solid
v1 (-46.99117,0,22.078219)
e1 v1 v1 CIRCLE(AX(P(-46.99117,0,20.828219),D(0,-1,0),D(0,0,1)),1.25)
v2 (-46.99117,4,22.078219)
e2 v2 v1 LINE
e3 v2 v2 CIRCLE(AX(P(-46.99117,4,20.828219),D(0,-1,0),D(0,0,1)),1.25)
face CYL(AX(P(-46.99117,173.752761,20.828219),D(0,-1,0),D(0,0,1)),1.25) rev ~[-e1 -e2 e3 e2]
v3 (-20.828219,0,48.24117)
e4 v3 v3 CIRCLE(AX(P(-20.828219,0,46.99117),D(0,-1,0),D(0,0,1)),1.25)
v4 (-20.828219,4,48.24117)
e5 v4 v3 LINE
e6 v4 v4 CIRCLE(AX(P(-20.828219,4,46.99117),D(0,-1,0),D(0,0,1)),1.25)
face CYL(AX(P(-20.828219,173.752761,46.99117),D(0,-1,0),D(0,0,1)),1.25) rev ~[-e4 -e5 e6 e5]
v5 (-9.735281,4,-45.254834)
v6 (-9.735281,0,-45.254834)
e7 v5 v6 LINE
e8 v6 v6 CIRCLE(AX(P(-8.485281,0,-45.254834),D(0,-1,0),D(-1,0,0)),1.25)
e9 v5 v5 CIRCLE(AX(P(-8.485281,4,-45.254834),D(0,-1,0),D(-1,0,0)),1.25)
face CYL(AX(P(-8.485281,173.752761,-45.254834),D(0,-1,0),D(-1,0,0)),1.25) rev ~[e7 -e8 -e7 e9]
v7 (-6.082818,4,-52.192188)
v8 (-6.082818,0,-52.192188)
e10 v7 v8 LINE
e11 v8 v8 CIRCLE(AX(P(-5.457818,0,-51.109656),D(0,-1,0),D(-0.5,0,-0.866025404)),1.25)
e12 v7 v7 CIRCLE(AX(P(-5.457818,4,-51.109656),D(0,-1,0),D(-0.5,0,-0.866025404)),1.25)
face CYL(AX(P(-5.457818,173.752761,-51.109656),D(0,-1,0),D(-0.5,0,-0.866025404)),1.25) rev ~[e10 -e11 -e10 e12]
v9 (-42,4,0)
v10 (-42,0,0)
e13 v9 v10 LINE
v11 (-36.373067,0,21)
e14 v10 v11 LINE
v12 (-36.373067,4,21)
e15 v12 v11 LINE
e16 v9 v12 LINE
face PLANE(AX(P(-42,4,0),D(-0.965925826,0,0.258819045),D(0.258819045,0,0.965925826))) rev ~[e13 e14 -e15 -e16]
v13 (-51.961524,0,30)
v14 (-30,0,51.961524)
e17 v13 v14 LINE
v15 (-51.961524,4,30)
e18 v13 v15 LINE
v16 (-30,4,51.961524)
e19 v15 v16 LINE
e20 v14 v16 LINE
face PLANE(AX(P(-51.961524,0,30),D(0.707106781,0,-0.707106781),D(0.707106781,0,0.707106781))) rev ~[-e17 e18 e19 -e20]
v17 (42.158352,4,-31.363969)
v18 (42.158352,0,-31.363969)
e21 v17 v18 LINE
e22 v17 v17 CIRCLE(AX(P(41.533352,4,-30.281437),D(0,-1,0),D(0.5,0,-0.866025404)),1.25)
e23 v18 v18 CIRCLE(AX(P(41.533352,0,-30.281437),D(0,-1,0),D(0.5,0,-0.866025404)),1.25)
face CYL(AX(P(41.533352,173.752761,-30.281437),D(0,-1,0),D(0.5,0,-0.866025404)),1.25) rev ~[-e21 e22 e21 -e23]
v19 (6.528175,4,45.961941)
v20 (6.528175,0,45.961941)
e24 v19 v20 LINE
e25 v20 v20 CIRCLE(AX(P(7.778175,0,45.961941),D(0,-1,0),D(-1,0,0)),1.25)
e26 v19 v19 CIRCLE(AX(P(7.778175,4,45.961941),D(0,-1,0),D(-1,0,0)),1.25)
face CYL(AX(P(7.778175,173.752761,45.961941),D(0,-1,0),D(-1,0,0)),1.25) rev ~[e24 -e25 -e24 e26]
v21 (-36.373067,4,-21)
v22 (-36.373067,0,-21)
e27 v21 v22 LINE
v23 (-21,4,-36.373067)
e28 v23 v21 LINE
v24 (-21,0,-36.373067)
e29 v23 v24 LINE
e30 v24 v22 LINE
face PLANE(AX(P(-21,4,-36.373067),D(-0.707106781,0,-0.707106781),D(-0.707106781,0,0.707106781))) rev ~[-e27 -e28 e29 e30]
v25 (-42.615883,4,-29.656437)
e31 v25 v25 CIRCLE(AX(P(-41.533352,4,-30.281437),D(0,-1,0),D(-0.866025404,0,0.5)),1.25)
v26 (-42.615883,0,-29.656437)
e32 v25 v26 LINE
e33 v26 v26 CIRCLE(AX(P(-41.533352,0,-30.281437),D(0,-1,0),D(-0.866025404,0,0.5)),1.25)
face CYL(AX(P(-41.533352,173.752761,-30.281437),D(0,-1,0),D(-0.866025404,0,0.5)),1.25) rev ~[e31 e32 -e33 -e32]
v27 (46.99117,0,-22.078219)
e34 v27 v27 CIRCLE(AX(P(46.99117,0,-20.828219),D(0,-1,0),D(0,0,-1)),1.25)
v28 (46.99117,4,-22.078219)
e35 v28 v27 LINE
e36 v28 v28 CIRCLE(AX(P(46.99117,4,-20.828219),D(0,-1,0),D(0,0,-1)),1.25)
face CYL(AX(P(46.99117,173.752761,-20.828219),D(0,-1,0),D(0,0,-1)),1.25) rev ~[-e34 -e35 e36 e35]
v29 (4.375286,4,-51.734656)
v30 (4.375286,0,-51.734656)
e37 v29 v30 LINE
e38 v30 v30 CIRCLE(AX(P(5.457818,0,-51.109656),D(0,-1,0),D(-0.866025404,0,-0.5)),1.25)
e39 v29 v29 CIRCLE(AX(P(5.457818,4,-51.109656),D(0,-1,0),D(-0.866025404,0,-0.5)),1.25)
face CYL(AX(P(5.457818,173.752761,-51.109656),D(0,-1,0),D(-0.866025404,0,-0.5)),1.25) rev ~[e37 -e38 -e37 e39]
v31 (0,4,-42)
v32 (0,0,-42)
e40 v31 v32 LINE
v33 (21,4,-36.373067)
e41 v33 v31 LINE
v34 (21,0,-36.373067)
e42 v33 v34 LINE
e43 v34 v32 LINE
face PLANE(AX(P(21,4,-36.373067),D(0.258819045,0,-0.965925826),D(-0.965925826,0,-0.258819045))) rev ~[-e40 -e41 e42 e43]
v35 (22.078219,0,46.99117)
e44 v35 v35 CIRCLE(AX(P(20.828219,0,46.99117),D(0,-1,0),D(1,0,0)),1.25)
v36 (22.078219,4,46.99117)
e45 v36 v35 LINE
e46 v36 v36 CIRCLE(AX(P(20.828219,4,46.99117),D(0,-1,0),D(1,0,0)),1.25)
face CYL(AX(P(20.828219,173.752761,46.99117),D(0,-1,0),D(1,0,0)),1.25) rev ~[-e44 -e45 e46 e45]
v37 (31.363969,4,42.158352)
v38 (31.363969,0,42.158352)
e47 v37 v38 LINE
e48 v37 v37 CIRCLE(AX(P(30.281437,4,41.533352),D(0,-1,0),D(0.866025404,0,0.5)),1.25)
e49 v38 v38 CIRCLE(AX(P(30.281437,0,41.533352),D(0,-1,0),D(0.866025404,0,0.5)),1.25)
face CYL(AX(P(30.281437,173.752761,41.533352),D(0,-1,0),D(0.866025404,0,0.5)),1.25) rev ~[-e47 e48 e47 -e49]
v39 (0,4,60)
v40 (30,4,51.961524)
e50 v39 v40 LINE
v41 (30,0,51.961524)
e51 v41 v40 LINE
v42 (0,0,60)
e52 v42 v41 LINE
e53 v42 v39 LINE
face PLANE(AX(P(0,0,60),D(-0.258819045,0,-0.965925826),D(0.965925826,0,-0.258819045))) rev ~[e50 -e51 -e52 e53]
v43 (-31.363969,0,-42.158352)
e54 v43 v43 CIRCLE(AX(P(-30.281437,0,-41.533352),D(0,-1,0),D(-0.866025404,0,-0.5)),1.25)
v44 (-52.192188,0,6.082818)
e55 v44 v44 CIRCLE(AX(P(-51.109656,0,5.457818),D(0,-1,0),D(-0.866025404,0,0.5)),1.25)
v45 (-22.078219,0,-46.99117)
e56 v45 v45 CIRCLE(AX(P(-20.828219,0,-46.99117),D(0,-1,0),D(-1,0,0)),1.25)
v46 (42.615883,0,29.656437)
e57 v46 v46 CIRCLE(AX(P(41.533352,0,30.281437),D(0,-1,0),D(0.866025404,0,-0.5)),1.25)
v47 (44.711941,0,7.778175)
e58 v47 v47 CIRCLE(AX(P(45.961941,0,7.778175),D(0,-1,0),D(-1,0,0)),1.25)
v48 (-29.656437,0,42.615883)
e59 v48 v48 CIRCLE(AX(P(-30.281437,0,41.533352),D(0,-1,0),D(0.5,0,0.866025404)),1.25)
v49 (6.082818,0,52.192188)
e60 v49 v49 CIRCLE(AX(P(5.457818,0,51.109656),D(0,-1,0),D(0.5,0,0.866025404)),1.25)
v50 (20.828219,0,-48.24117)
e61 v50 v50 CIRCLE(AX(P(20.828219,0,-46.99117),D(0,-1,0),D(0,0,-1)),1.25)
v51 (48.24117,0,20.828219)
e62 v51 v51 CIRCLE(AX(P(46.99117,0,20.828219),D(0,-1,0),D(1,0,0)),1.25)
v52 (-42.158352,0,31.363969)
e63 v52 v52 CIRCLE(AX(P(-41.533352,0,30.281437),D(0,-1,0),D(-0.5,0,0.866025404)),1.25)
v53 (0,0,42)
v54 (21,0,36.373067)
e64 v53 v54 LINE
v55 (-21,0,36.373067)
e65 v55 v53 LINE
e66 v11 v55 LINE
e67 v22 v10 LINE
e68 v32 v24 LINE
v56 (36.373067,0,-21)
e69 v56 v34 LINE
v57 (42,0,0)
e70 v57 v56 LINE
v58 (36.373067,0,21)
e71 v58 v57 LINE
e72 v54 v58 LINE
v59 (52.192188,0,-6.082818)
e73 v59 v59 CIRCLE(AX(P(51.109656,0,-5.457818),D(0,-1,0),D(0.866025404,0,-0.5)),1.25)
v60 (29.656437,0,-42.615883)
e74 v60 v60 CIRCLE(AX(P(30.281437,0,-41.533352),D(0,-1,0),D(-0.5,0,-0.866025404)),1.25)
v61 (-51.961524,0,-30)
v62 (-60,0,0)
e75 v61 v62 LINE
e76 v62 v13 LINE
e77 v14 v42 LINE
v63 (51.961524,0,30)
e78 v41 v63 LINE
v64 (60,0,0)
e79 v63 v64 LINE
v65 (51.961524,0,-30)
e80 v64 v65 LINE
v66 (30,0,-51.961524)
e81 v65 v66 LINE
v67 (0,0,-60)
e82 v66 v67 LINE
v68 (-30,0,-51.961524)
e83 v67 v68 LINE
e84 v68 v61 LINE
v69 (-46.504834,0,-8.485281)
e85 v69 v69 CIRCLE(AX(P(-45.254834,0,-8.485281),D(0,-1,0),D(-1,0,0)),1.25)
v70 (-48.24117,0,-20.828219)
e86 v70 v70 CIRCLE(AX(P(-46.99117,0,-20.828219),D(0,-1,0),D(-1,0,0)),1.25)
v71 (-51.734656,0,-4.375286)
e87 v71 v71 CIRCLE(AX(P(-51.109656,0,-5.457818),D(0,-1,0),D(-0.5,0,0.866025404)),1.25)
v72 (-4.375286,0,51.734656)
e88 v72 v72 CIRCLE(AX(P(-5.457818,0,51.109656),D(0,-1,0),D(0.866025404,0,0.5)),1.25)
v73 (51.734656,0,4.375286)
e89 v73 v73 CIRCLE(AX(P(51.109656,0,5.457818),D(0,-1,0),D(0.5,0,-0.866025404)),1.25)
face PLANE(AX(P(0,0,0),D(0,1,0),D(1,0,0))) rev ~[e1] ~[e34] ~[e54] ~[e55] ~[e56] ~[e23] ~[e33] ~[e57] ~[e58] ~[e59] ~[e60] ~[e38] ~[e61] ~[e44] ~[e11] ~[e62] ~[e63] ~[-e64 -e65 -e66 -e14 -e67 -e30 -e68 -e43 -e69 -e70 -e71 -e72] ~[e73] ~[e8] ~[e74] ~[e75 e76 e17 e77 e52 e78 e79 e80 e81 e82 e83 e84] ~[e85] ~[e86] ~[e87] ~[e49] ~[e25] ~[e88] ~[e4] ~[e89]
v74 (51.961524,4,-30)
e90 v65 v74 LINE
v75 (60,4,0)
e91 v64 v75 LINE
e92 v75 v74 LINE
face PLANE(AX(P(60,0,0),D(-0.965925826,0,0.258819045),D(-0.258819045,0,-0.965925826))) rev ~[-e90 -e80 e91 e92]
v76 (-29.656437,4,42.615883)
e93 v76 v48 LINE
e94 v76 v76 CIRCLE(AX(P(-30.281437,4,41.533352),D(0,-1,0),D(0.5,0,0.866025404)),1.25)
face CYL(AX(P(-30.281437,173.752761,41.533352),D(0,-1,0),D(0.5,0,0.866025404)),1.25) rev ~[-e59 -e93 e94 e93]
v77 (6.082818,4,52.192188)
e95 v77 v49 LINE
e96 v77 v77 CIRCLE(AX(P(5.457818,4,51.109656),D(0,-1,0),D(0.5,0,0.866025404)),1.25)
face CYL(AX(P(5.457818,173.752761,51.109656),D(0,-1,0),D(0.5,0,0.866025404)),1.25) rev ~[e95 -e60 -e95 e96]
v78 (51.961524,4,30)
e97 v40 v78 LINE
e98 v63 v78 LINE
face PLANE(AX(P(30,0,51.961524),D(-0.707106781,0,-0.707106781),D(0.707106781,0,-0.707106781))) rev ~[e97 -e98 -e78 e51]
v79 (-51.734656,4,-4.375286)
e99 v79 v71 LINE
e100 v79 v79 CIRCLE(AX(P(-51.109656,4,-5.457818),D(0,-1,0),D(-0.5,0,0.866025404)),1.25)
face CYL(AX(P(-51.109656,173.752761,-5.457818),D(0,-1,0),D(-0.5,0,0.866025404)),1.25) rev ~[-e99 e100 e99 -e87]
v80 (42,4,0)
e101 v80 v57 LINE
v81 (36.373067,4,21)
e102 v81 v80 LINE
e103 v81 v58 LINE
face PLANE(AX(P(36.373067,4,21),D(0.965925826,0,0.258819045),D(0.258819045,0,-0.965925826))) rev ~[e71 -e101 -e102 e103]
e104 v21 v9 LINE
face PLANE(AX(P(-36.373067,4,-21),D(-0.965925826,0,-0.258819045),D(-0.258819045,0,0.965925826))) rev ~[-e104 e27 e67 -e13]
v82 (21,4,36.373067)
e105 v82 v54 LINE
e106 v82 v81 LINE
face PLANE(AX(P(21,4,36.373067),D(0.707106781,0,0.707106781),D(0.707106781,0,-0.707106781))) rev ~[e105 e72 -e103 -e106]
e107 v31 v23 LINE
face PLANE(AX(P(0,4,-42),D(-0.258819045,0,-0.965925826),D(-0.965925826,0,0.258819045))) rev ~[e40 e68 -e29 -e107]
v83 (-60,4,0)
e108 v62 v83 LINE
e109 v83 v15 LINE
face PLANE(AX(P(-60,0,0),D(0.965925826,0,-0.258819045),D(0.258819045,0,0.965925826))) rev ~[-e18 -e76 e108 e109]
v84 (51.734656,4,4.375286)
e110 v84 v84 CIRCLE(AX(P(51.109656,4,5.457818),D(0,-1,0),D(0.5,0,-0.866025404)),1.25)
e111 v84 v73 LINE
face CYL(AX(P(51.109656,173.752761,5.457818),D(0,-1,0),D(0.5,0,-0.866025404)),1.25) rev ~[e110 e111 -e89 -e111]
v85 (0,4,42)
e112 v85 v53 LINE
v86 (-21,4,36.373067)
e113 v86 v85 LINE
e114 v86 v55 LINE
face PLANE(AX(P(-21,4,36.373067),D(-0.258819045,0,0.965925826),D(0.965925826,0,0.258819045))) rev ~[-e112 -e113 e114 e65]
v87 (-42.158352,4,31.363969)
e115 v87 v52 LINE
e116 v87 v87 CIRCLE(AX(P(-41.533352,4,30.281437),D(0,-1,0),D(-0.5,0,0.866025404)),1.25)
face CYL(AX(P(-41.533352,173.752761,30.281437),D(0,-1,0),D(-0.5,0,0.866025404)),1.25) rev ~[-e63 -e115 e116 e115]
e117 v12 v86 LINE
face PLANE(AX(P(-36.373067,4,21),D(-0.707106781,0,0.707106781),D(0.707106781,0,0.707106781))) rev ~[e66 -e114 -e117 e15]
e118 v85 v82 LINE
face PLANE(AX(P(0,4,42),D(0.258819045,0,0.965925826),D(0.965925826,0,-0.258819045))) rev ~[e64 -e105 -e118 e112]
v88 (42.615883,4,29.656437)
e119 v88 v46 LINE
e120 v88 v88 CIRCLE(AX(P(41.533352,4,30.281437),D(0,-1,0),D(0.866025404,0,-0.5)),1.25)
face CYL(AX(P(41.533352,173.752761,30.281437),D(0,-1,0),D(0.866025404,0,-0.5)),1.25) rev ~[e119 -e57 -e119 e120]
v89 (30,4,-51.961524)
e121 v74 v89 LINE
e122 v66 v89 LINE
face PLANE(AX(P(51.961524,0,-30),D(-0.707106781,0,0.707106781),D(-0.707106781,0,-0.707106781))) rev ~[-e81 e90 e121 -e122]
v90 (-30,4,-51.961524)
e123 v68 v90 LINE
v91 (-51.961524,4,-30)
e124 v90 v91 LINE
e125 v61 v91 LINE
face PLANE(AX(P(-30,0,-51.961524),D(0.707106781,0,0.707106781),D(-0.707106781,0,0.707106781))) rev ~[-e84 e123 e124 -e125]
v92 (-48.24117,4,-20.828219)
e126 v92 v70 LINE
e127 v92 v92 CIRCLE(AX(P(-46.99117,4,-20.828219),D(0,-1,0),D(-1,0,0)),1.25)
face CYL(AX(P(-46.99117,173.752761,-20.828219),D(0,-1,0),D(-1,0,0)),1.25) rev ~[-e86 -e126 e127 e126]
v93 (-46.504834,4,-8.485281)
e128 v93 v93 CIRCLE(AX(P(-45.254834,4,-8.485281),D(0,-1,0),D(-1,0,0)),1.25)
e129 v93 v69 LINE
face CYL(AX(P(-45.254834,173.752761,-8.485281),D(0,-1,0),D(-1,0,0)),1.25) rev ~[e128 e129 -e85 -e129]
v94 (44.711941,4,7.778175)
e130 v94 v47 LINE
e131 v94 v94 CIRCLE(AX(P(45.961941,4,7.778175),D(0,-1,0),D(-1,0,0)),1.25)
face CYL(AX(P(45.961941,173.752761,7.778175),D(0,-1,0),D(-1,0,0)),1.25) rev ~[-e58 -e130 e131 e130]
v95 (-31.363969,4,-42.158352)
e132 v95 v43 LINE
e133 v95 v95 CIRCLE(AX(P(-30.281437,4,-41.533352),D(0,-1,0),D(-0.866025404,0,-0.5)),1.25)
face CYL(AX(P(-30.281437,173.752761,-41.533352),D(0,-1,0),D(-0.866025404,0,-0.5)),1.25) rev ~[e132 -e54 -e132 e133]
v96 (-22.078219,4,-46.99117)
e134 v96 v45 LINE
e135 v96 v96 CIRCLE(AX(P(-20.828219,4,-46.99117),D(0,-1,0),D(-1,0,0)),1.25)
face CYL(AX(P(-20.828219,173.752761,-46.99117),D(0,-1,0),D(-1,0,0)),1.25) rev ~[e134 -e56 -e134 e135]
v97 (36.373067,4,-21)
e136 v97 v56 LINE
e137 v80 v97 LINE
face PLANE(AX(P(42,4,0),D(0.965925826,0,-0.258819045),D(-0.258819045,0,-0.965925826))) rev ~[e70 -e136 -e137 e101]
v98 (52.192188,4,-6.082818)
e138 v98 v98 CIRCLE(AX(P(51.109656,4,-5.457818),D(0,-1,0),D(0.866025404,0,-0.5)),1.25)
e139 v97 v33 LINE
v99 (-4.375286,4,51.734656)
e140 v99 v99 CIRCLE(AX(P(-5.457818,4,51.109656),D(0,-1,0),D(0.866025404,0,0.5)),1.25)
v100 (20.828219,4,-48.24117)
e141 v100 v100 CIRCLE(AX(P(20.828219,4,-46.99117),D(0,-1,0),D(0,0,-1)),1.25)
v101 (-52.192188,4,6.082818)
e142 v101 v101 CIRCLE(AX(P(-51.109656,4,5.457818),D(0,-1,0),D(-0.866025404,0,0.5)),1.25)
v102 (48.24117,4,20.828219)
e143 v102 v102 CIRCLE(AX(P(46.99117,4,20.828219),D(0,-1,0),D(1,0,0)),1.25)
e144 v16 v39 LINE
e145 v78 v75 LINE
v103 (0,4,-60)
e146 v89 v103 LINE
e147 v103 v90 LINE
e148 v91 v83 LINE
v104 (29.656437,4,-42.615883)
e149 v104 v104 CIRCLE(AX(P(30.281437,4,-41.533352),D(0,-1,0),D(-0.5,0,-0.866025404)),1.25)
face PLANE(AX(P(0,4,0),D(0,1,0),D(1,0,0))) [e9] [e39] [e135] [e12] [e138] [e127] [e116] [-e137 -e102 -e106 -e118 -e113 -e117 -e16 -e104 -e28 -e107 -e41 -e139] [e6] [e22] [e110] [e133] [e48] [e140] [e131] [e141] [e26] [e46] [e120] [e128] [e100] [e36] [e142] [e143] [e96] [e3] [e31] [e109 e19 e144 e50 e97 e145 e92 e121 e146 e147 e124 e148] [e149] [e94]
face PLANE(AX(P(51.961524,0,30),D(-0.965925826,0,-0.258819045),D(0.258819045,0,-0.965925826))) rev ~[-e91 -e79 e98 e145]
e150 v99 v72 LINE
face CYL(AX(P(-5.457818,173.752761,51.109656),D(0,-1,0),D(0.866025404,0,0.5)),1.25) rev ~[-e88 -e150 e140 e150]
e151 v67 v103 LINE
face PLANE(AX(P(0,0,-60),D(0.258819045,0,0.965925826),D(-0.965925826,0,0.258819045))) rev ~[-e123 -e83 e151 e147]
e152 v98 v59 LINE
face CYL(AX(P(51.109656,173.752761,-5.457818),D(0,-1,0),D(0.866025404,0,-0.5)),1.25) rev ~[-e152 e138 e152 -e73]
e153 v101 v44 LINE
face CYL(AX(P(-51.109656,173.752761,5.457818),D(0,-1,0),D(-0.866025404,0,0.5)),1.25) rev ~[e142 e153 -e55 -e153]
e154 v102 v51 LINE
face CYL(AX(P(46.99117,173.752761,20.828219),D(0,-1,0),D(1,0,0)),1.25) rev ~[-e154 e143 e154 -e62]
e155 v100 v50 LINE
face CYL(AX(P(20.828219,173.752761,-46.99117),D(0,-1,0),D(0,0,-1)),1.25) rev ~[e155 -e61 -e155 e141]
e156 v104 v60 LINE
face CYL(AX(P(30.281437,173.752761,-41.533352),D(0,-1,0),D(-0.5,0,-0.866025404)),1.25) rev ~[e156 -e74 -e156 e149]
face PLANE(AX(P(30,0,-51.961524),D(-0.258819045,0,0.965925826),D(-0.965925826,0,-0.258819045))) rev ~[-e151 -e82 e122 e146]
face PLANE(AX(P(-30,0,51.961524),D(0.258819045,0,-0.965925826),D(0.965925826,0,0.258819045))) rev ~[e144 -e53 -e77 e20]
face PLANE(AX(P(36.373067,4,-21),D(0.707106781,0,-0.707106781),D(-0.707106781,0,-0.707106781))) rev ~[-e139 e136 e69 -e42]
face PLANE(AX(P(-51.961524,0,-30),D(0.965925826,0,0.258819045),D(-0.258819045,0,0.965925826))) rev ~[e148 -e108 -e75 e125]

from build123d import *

# Parameters (mm, degrees)
BOSS_EXTRUDE1_DEPTH   = 4
F_2_5MM_DOWEL_HOLE1_D = 2.5
CIRPATTERN2_COUNT     = 12
F_2_5MM_DOWEL_HOLE2_D = 2.5
CUT_EXTRUDE1_DEPTH    = 85.947042326


with BuildPart() as part:
    # Sketch1 → Boss-Extrude1 (new body)
    with BuildSketch(Plane(origin=(0, 0, 0), x_dir=(1, 0, 0), z_dir=(0, 1, 0))):
        Polygon((0, 60), (-30, 51.961524227), (-51.961524227, 30), (-60, 0), (-51.961524227, -30), (-30, -51.961524227), (0, -60), (30, -51.961524227), (51.961524227, -30), (60, 0), (51.961524227, 30), (30, 51.961524227), align=None)
    extrude(amount=BOSS_EXTRUDE1_DEPTH)

    # Ø2.5mm Dowel Hole1 (through all)
    with Locations(Plane(origin=(0, 4, 0), x_dir=(1, 0, 0), z_dir=(0, 1, 0))):
        with Locations((-46.991169754, 20.82821885), (-20.82821885, 46.991169754)):
            f_2_5mm_dowel_hole1 = Hole(F_2_5MM_DOWEL_HOLE1_D / 2)

    # CirPattern2: Ø2.5mm Dowel Hole1 ×12 about axis
    cirpattern2_axis = Axis((0, 4, 0), (0, 1, 0))
    for i in range(1, CIRPATTERN2_COUNT):
        add(f_2_5mm_dowel_hole1.rotate(cirpattern2_axis, i * 360 / CIRPATTERN2_COUNT), mode=Mode.SUBTRACT)

    # Ø2.5mm Dowel Hole2 (through all)
    with Locations(Plane(origin=(0, 4, 0), x_dir=(1, 0, 0), z_dir=(0, 1, 0))):
        with Locations((-45.254833996, 8.485281374), (-8.485281374, 45.254833996), (45.961940777, -7.778174593), (7.778174593, -45.961940777)):
            Hole(F_2_5MM_DOWEL_HOLE2_D / 2)

    # Sketch10 → Cut-Extrude1 (cut, through all)
    with BuildSketch(Plane(origin=(0, 4, 0), x_dir=(1, 0, 0), z_dir=(0, 1, 0))):
        Polygon((0, 42), (-21, 36.373066959), (-36.373066959, 21), (-42, 0), (-36.373066959, -21), (-21, -36.373066959), (0, -42), (21, -36.373066959), (36.373066959, -21), (42, 0), (36.373066959, 21), (21, 36.373066959), align=None)
    extrude(amount=-CUT_EXTRUDE1_DEPTH, mode=Mode.SUBTRACT)


solid = part.part
